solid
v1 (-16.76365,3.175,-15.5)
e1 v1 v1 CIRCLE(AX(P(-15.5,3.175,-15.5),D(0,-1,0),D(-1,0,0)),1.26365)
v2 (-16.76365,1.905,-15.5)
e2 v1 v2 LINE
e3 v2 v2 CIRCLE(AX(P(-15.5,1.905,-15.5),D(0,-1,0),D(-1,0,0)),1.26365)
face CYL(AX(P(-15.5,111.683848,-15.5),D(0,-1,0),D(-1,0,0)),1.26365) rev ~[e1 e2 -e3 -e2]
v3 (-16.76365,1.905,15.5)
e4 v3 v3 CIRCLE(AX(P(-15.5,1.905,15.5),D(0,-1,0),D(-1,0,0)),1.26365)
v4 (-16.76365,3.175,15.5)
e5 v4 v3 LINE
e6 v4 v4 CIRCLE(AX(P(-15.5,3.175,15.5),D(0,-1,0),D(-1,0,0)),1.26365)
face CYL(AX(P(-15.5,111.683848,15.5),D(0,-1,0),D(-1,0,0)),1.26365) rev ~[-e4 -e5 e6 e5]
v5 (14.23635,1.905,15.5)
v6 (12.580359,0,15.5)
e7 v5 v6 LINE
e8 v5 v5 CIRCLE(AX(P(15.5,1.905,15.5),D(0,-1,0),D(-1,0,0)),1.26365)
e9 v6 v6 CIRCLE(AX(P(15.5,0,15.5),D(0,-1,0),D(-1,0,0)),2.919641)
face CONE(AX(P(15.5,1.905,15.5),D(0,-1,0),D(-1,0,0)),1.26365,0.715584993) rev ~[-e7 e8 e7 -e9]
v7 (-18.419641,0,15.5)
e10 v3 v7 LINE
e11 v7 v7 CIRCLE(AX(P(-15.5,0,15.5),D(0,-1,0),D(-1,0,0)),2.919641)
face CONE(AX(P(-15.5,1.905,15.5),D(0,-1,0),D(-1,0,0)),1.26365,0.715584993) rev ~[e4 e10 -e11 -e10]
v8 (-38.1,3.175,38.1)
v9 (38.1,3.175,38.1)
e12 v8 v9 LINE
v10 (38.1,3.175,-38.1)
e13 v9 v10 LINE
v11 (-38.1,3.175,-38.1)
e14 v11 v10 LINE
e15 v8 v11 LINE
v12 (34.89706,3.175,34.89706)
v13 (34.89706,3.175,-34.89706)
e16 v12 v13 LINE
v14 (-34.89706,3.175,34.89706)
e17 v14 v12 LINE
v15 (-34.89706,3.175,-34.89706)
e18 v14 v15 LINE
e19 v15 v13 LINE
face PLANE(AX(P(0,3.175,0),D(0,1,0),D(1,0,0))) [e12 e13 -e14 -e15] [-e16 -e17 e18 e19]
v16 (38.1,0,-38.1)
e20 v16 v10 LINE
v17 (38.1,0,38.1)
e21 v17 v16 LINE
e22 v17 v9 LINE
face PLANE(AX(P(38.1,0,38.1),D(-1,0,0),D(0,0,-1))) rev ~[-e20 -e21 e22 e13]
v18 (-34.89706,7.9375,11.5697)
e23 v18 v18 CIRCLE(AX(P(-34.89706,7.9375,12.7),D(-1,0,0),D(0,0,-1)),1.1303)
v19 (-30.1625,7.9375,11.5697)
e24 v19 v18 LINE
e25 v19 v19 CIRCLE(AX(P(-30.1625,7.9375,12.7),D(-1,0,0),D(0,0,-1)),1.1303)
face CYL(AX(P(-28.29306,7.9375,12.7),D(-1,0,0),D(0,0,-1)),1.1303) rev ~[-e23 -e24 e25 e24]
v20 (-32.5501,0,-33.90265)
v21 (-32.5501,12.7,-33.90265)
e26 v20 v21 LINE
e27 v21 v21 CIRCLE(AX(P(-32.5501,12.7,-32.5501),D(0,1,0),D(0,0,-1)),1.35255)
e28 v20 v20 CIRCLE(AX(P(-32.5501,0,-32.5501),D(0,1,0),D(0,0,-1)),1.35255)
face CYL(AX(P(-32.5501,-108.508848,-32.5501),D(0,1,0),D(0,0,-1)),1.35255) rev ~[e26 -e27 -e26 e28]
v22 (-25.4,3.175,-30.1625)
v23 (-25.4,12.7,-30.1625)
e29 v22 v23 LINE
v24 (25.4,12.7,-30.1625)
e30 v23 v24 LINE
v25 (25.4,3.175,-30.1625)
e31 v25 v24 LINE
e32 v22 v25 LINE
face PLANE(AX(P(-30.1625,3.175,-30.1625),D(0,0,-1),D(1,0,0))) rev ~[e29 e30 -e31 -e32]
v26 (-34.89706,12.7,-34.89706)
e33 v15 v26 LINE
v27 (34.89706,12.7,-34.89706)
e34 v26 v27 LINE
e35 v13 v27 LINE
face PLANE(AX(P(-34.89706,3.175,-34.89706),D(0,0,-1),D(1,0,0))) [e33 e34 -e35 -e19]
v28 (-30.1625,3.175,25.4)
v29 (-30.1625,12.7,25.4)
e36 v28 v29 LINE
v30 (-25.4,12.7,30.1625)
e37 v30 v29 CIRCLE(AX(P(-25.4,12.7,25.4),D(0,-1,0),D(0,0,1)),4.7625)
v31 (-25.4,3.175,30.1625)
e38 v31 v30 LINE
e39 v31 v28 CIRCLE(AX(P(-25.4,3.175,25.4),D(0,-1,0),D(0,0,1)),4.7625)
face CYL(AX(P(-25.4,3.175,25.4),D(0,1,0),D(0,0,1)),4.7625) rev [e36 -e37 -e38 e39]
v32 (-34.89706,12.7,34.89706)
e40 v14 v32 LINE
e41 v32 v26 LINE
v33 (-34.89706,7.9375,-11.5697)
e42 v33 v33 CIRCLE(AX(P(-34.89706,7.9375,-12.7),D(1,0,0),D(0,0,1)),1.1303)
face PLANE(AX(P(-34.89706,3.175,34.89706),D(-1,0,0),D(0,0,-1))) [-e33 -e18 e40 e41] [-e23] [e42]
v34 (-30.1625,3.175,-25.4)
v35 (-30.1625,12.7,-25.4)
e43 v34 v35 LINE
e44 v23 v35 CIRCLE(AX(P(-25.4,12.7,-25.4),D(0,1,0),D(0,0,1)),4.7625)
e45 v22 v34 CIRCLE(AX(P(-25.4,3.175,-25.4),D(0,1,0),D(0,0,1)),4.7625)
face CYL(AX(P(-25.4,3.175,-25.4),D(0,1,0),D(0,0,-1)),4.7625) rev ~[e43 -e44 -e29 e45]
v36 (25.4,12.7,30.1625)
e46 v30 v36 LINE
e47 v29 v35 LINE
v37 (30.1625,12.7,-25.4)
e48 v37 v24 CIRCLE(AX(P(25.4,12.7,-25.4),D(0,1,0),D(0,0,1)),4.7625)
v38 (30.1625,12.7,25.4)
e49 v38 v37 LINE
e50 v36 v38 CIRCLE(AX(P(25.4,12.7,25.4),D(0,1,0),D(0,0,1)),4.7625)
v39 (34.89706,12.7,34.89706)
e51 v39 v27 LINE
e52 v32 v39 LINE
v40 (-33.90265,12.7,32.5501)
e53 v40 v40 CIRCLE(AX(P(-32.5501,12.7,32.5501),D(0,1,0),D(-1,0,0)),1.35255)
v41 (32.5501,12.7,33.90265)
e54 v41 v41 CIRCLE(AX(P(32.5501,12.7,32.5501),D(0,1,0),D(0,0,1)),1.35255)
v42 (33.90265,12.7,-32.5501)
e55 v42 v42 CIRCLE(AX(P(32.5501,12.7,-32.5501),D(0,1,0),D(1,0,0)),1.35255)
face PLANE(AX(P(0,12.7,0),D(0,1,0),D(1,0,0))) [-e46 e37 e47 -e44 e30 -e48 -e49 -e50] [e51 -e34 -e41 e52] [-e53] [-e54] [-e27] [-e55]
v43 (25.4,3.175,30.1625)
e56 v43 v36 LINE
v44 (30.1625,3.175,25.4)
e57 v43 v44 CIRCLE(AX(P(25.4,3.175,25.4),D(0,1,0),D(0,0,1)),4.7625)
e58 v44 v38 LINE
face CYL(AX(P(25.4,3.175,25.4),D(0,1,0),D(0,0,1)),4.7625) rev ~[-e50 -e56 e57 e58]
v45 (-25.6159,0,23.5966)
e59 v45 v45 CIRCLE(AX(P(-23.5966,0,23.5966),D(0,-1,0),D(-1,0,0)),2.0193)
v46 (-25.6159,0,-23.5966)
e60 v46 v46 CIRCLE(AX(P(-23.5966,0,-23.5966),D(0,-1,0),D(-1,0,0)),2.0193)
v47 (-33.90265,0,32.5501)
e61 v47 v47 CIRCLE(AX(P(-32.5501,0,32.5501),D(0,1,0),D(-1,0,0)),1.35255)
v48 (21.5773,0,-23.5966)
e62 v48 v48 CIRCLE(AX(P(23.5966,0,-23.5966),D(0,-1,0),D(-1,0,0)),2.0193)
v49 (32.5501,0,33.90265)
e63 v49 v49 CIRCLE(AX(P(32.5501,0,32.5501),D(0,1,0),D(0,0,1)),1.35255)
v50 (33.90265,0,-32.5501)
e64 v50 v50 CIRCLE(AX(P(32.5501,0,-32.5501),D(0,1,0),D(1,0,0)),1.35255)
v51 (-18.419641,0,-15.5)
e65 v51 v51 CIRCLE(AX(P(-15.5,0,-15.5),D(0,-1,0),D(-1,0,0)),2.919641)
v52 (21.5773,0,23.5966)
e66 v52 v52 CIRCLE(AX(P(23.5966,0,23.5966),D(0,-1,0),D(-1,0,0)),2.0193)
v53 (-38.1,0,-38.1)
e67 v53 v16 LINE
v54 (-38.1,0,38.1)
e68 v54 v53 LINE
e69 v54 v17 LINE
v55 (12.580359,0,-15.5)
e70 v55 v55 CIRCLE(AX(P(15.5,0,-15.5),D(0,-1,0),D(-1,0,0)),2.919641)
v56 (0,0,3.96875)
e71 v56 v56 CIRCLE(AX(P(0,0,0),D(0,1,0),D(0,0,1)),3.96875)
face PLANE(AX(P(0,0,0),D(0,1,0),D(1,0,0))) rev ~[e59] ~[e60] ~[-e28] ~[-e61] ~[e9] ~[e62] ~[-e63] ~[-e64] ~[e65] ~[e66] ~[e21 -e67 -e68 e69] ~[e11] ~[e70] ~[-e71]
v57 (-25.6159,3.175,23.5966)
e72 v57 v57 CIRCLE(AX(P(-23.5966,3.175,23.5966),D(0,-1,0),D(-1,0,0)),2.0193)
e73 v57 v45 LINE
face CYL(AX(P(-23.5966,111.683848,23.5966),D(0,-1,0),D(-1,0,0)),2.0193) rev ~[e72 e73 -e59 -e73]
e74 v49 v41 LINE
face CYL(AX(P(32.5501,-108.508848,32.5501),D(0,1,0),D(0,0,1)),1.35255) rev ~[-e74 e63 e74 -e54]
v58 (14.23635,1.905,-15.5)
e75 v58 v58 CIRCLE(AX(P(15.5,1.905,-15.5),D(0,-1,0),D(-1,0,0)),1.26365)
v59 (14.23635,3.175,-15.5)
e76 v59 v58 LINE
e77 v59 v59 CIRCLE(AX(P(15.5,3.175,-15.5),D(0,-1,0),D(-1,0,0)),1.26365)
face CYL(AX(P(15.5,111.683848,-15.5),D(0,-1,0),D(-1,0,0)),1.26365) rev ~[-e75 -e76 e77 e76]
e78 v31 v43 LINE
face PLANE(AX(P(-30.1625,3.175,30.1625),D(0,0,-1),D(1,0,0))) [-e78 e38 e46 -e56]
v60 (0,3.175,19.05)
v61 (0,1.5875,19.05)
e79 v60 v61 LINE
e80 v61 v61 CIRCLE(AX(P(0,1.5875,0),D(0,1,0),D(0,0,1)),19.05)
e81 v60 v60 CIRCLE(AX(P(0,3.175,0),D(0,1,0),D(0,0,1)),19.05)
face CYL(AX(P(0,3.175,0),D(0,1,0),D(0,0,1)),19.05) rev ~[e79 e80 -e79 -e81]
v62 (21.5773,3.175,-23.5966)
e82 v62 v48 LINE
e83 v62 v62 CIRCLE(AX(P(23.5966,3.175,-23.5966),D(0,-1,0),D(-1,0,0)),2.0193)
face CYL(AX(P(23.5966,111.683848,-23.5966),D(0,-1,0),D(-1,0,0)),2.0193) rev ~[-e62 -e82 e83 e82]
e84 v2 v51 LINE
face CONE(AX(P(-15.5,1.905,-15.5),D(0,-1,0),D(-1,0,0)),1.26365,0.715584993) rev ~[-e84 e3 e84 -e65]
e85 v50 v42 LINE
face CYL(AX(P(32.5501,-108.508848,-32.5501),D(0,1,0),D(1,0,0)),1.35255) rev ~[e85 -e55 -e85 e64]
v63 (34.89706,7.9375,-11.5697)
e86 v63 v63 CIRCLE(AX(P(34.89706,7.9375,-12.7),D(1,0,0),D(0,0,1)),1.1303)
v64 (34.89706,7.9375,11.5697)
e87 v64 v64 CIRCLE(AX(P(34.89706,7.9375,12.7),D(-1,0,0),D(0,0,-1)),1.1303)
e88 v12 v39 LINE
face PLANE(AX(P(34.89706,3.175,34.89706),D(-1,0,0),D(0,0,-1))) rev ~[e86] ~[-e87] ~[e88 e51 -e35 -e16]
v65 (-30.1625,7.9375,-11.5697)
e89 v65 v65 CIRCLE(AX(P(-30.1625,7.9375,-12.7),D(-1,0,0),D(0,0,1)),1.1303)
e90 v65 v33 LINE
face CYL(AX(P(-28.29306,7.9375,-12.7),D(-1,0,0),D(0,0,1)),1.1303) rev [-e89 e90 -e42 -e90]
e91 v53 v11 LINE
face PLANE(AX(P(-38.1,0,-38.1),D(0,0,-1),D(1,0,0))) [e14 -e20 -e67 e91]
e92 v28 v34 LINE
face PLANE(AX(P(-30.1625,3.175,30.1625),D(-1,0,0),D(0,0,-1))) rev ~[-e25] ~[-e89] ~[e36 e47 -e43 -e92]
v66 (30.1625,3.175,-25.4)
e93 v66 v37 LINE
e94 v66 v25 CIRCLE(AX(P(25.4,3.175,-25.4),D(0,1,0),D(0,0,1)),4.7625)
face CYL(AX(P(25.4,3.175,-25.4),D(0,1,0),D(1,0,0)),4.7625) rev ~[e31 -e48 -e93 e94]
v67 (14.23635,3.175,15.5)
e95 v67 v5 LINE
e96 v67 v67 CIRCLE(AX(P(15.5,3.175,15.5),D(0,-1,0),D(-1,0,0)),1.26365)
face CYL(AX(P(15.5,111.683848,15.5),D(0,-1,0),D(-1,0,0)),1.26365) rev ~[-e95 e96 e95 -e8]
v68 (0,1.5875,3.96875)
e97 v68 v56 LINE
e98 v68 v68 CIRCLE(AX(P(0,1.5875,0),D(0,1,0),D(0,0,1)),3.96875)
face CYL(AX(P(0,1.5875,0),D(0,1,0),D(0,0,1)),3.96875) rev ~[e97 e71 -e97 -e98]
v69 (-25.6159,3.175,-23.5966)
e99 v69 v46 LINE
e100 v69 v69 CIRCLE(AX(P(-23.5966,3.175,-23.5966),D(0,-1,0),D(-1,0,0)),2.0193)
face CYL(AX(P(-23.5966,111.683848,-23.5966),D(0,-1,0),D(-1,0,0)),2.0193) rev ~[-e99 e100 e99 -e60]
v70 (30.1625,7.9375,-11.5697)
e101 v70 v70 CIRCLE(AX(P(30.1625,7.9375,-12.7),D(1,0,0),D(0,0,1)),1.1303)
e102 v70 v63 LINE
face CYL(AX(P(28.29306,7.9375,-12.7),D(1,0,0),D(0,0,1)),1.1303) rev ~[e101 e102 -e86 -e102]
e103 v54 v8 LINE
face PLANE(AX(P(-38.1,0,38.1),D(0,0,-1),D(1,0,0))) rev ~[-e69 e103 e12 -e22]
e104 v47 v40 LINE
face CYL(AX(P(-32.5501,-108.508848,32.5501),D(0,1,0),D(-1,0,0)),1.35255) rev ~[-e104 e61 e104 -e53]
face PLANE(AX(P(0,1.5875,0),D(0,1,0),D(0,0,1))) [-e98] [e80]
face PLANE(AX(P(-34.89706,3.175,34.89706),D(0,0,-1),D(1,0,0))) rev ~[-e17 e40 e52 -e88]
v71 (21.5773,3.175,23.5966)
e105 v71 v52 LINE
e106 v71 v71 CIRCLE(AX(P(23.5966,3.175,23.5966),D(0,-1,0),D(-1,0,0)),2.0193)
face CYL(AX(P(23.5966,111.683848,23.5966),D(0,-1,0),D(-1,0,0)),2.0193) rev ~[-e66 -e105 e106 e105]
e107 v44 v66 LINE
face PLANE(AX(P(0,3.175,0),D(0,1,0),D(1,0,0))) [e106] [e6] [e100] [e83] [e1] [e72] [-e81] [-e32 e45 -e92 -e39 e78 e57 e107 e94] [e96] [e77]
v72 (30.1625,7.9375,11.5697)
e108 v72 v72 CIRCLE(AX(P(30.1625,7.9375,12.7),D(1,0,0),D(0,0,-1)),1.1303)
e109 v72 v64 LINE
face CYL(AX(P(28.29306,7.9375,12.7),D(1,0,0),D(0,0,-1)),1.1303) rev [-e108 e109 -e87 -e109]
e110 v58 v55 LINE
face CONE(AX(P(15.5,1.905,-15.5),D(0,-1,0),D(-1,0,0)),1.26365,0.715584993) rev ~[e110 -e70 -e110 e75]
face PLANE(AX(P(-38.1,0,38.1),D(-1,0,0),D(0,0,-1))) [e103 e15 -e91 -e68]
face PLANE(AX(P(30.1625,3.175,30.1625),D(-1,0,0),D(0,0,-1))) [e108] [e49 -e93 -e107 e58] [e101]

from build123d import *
from OCP.BRepFilletAPI import BRepFilletAPI_MakeChamfer

# Parameters (mm, degrees)
SKETCH1_W                    = 76.2
SKETCH1_H                    = 76.2
BOSS_EXTRUDE1_DEPTH          = 3.175
SKETCH2_W                    = 69.79412
SKETCH2_H                    = 69.79412
SKETCH2_W_2                  = 60.325
SKETCH2_H_2                  = 60.325
BOSS_EXTRUDE2_DEPTH          = 9.525
FILLET1_R                    = 4.7625
SKETCH3_R                    = 19.05
CUT_EXTRUDE1_DEPTH           = 1.5875
SKETCH4_R                    = 3.96875
CUT_EXTRUDE2_DEPTH           = 56.015521957
F_39_0_0995_DIAMETER_HOLE1_D = 2.5273
F_10_32_TAPPED_HOLE1_D       = 4.0386
CHAMFER1_SIZE                = 1.905
CHAMFER1_SIZE2               = 1.655991236
F_6_32_TAPPED_HOLE1_D        = 2.7051
CIRPATTERN1_COUNT            = 4


with BuildPart() as part:
    # Sketch1 → Boss-Extrude1 (new body)
    with BuildSketch(Plane(origin=(0, 0, 0), x_dir=(1, 0, 0), z_dir=(0, 1, 0))):
        Rectangle(SKETCH1_W, SKETCH1_H)
    extrude(amount=BOSS_EXTRUDE1_DEPTH)

    # Sketch2 → Boss-Extrude2 (add)
    with BuildSketch(Plane(origin=(0, 3.175, 0), x_dir=(1, 0, 0), z_dir=(0, 1, 0))):
        Rectangle(SKETCH2_W, SKETCH2_H)
        Rectangle(SKETCH2_W_2, SKETCH2_H_2, mode=Mode.SUBTRACT)
    extrude(amount=BOSS_EXTRUDE2_DEPTH)

    # Fillet1
    fillet1_edges = [part.edges().sort_by_distance(p)[0] for p in [
        (-30.1625, 7.9375, 30.1625),
        (30.1625, 7.9375, 30.1625),
        (30.1625, 7.9375, -30.1625),
        (-30.1625, 7.9375, -30.1625),
    ]]
    fillet(fillet1_edges, radius=FILLET1_R)

    # Sketch3 → Cut-Extrude1 (cut)
    with BuildSketch(Plane(origin=(0, 3.175, 0), x_dir=(1, 0, 0), z_dir=(0, 1, 0))):
        with Locations(Location((0, 0, 0), (0, 0, 270))):
            Circle(SKETCH3_R)
    extrude(amount=-CUT_EXTRUDE1_DEPTH, mode=Mode.SUBTRACT)

    # Sketch4 → Cut-Extrude2 (cut, through all)
    with BuildSketch(Plane(origin=(0, 1.5875, 0), x_dir=(1, 0, 0), z_dir=(0, 1, 0))):
        with Locations(Location((0, 0, 0), (0, 0, 270))):
            Circle(SKETCH4_R)
    extrude(amount=-CUT_EXTRUDE2_DEPTH, mode=Mode.SUBTRACT)

    # #39 (0.0995) Diameter Hole1 (through all)
    with Locations(Plane(origin=(0, 3.175, 0), x_dir=(1, 0, 0), z_dir=(0, 1, 0))):
        with Locations((15.5, 15.5), (-15.5, 15.5), (-15.5, -15.5), (15.5, -15.5), (-23.5966, 23.5966), (23.5966, 23.5966), (23.5966, -23.5966), (-23.5966, -23.5966)):
            Hole(F_39_0_0995_DIAMETER_HOLE1_D / 2)

    # #10-32 Tapped Hole1 (through all)
    with Locations(Plane(origin=(0, 3.175, 0), x_dir=(1, 0, 0), z_dir=(0, 1, 0))):
        with Locations((-23.5966, 23.5966), (23.5966, 23.5966), (23.5966, -23.5966), (-23.5966, -23.5966)):
            Hole(F_10_32_TAPPED_HOLE1_D / 2)

    # Sketch9 → #4-40 Tapped Hole1 (revolve, cut)
    with BuildSketch(Plane(origin=(34.89706, 7.9375, 12.7), x_dir=(0, 0, -1), z_dir=(0, 1, 0))):
        Polygon((0, 0), (0, 7.283152758), (1.1303, 6.604), (1.1303, 0), align=None)
    f_4_40_tapped_hole1 = revolve(axis=Axis((41.24706, 7.9375, 12.7), (-1, 0, 0)), mode=Mode.SUBTRACT)

    # Mirror1: #4-40 Tapped Hole1 across plane
    add(f_4_40_tapped_hole1.mirror(Plane.XY), mode=Mode.SUBTRACT)

    # Mirror2: #4-40 Tapped Hole1 across plane
    add(f_4_40_tapped_hole1.mirror(Plane(origin=(0, 0, 0), x_dir=(0, 0, 1), z_dir=(1, 0, 0))), mode=Mode.SUBTRACT)

    # Mirror2 copy 1 sketch → Mirror2 copy 1 (revolve, cut)
    with BuildSketch(Plane(origin=(-34.89706, 7.9375, -12.7), x_dir=(0, 0, 1), z_dir=(0, 1, 0))):
        Polygon((0, 0), (0, 7.283152758), (1.1303, 6.604), (1.1303, 0), align=None)
    revolve(axis=Axis((-41.24706, 7.9375, -12.7), (1, 0, 0)), mode=Mode.SUBTRACT)

    # Chamfer1: one chamfer whose edges measure the first distance from different faces: ONE call of the kernel's chamfer builder (chamfer() names one face for all edges)
    chamfer1_edges_1 = [part.edges().sort_by_distance(p)[0] for p in [
        (16.76365, 0, 15.5),
    ]]
    chamfer1_side_1 = [part.faces().sort_by_distance(p)[0] for p in [
        (16.76365, 1.5875, 15.5),
    ]]
    chamfer1_edges_2 = [part.edges().sort_by_distance(p)[0] for p in [
        (-14.23635, 0, 15.5),
    ]]
    chamfer1_side_2 = [part.faces().sort_by_distance(p)[0] for p in [
        (-14.23635, 1.5875, 15.5),
    ]]
    chamfer1_edges_3 = [part.edges().sort_by_distance(p)[0] for p in [
        (-14.23635, 0, -15.5),
    ]]
    chamfer1_side_3 = [part.faces().sort_by_distance(p)[0] for p in [
        (-14.23635, 1.5875, -15.5),
    ]]
    chamfer1_edges_4 = [part.edges().sort_by_distance(p)[0] for p in [
        (16.76365, 0, -15.5),
    ]]
    chamfer1_side_4 = [part.faces().sort_by_distance(p)[0] for p in [
        (16.76365, 1.5875, -15.5),
    ]]
    chamfer1 = BRepFilletAPI_MakeChamfer(part.part.solid().wrapped)
    for e in chamfer1_edges_1:
        chamfer1.Add(CHAMFER1_SIZE, CHAMFER1_SIZE2, e.wrapped, chamfer1_side_1[0].wrapped)  # the first distance lies on this face
    for e in chamfer1_edges_2:
        chamfer1.Add(CHAMFER1_SIZE, CHAMFER1_SIZE2, e.wrapped, chamfer1_side_2[0].wrapped)  # the first distance lies on this face
    for e in chamfer1_edges_3:
        chamfer1.Add(CHAMFER1_SIZE, CHAMFER1_SIZE2, e.wrapped, chamfer1_side_3[0].wrapped)  # the first distance lies on this face
    for e in chamfer1_edges_4:
        chamfer1.Add(CHAMFER1_SIZE, CHAMFER1_SIZE2, e.wrapped, chamfer1_side_4[0].wrapped)  # the first distance lies on this face
    add(Compound.cast(chamfer1.Shape()), mode=Mode.REPLACE)

    # #6-32 Tapped Hole1 (through all)
    with Locations(Plane(origin=(0, 0, 0), x_dir=(-1, 0, 0), z_dir=(0, -1, 0))):
        with Locations((-32.5501, 32.5501)):
            f_6_32_tapped_hole1 = Hole(F_6_32_TAPPED_HOLE1_D / 2)

    # CirPattern1: #6-32 Tapped Hole1 ×4 about axis
    cirpattern1_axis = Axis((0, 0, 0), (0, 1, 0))
    for i in range(1, CIRPATTERN1_COUNT):
        add(f_6_32_tapped_hole1.rotate(cirpattern1_axis, i * 360 / CIRPATTERN1_COUNT), mode=Mode.SUBTRACT)


solid = part.part
